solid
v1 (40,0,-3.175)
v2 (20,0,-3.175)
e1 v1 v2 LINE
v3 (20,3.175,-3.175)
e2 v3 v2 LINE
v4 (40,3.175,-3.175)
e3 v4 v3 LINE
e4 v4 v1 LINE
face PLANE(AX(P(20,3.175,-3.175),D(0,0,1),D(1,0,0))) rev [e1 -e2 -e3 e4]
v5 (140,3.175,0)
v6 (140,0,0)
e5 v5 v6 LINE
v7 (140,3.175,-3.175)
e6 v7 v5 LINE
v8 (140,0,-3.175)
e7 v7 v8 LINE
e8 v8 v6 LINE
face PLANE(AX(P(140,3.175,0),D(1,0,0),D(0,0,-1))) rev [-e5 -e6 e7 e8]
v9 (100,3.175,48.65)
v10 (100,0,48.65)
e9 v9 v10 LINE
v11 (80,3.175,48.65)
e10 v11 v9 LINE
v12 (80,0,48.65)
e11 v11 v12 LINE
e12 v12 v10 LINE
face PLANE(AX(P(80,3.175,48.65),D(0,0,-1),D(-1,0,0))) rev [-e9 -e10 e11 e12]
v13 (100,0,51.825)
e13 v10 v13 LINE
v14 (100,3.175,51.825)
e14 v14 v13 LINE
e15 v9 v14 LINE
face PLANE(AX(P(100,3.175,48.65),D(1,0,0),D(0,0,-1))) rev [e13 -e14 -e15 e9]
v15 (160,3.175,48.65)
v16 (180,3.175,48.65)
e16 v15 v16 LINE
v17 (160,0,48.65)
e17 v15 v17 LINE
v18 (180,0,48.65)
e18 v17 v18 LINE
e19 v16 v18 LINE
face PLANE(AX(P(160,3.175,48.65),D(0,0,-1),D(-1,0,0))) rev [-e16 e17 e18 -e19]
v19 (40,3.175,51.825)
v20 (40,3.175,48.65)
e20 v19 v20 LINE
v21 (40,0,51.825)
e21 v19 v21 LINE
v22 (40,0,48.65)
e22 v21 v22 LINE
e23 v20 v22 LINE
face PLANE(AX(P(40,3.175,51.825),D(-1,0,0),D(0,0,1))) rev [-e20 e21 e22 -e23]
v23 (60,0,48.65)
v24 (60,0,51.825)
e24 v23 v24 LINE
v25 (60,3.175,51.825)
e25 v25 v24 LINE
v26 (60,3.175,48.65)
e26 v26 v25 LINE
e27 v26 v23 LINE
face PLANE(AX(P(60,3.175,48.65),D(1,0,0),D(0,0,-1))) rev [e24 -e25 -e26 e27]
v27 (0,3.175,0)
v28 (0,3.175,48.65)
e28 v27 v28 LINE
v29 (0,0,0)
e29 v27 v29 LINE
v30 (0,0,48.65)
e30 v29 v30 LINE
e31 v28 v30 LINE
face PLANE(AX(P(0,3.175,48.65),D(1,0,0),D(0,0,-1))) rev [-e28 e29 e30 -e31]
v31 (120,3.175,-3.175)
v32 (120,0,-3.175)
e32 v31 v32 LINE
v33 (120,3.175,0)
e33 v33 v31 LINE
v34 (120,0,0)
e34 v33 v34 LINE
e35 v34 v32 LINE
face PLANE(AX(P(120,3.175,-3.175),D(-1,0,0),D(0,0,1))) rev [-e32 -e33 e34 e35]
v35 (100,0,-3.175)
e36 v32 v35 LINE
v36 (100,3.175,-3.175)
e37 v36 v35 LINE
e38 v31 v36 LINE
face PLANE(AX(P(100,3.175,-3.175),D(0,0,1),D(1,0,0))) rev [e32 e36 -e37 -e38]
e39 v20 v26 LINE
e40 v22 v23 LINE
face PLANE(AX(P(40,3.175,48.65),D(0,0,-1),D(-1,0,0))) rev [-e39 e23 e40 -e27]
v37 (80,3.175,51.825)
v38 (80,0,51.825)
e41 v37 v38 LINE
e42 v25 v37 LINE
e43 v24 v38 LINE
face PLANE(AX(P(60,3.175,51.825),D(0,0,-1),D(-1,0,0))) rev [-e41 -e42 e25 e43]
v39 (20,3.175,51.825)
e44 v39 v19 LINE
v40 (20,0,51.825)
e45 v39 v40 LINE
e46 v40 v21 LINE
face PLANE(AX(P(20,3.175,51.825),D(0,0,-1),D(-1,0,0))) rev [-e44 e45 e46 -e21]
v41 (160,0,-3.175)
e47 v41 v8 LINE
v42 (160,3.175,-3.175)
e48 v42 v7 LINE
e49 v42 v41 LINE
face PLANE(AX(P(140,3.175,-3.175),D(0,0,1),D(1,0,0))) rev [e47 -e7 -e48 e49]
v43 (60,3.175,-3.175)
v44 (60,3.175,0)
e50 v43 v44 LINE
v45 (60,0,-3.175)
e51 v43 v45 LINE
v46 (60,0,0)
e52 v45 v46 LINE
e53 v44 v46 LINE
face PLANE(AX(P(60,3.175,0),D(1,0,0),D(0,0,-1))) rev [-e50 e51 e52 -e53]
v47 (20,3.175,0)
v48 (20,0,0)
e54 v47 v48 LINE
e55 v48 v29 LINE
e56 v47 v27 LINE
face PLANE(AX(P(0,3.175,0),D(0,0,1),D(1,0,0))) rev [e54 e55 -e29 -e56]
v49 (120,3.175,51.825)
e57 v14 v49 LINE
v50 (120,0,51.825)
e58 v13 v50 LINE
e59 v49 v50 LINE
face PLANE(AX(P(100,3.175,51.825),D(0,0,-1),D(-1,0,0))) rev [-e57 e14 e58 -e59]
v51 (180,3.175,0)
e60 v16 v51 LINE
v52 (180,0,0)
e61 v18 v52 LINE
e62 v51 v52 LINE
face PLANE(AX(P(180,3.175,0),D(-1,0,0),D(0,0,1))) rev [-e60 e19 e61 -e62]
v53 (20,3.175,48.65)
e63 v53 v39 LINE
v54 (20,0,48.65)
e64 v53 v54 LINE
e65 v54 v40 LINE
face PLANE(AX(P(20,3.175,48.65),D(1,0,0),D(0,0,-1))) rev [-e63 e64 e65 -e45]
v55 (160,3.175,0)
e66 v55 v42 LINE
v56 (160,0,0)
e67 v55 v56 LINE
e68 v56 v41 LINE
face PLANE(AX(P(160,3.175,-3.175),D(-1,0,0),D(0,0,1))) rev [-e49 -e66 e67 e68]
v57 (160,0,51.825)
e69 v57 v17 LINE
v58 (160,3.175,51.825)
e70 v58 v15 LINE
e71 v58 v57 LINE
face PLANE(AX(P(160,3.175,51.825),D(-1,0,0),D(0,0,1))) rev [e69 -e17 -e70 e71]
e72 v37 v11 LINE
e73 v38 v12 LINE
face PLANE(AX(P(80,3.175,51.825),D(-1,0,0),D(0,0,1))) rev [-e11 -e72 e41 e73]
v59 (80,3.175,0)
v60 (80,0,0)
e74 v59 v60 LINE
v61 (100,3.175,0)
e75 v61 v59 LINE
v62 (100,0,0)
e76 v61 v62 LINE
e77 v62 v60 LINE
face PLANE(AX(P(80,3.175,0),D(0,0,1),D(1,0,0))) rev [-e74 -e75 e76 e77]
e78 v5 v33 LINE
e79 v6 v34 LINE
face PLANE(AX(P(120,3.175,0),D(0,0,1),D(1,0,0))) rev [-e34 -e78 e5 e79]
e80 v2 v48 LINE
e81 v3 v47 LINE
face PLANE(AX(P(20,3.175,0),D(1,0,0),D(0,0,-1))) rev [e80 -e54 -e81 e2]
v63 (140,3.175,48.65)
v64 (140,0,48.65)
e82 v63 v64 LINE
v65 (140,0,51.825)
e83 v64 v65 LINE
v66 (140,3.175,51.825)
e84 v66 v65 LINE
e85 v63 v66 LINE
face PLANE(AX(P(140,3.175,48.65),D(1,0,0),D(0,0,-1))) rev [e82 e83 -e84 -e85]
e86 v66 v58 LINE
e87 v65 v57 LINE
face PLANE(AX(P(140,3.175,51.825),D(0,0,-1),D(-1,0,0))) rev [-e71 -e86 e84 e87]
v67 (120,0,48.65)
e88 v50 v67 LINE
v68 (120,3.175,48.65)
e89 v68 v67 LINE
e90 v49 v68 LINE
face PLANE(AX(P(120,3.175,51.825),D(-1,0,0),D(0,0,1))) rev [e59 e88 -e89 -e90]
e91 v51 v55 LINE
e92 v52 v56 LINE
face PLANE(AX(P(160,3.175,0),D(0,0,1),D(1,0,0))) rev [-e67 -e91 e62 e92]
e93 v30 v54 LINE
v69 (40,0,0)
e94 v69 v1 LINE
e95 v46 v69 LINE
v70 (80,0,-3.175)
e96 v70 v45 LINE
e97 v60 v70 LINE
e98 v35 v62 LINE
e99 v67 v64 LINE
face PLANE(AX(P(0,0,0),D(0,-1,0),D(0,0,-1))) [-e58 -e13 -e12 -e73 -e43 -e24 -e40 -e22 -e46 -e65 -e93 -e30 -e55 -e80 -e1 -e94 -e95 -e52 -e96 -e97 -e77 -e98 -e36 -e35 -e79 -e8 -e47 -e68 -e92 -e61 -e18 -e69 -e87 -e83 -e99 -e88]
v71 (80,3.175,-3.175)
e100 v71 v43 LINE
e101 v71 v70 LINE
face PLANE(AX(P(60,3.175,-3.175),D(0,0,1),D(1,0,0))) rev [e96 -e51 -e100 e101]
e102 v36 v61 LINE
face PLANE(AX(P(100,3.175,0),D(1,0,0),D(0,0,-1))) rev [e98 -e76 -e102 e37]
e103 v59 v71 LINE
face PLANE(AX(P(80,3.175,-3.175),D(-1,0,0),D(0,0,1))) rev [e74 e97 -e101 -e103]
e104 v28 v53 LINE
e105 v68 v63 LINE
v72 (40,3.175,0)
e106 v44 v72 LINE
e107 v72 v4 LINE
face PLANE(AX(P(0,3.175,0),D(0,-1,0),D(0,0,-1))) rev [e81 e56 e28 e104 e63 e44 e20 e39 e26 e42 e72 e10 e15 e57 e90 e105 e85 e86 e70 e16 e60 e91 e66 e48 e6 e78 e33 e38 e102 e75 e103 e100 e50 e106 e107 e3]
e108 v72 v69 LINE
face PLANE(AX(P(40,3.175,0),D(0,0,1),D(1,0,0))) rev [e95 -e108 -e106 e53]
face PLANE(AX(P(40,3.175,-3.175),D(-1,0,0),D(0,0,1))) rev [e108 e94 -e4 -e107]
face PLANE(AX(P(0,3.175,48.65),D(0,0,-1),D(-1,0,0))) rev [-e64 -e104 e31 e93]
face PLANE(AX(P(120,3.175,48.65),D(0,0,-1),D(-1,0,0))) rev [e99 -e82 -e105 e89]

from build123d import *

# Parameters (mm, degrees)
BOSS_EXTRUDE1_DEPTH = 3.175


with BuildPart() as part:
    # Sketch1 → Boss-Extrude1 (new body)
    with BuildSketch(Plane(origin=(0, 0, 0), x_dir=(1, 0, 0), z_dir=(0, 1, 0))):
        Polygon((0, 0), (20, 0), (20, 3.175), (40, 3.175), (40, 0), (60, 0), (60, 3.175), (80, 3.175), (80, 0), (100, 0), (100, 3.175), (120, 3.175), (120, 0), (140, 0), (140, 3.175), (160, 3.175), (160, 0), (180, 0), (180, -48.65), (160, -48.65), (160, -51.825), (140, -51.825), (140, -48.65), (120, -48.65), (120, -51.825), (100, -51.825), (100, -48.65), (80, -48.65), (80, -51.825), (60, -51.825), (60, -48.65), (40, -48.65), (40, -51.825), (20, -51.825), (20, -48.65), (0, -48.65), align=None)
    extrude(amount=BOSS_EXTRUDE1_DEPTH)


solid = part.part
